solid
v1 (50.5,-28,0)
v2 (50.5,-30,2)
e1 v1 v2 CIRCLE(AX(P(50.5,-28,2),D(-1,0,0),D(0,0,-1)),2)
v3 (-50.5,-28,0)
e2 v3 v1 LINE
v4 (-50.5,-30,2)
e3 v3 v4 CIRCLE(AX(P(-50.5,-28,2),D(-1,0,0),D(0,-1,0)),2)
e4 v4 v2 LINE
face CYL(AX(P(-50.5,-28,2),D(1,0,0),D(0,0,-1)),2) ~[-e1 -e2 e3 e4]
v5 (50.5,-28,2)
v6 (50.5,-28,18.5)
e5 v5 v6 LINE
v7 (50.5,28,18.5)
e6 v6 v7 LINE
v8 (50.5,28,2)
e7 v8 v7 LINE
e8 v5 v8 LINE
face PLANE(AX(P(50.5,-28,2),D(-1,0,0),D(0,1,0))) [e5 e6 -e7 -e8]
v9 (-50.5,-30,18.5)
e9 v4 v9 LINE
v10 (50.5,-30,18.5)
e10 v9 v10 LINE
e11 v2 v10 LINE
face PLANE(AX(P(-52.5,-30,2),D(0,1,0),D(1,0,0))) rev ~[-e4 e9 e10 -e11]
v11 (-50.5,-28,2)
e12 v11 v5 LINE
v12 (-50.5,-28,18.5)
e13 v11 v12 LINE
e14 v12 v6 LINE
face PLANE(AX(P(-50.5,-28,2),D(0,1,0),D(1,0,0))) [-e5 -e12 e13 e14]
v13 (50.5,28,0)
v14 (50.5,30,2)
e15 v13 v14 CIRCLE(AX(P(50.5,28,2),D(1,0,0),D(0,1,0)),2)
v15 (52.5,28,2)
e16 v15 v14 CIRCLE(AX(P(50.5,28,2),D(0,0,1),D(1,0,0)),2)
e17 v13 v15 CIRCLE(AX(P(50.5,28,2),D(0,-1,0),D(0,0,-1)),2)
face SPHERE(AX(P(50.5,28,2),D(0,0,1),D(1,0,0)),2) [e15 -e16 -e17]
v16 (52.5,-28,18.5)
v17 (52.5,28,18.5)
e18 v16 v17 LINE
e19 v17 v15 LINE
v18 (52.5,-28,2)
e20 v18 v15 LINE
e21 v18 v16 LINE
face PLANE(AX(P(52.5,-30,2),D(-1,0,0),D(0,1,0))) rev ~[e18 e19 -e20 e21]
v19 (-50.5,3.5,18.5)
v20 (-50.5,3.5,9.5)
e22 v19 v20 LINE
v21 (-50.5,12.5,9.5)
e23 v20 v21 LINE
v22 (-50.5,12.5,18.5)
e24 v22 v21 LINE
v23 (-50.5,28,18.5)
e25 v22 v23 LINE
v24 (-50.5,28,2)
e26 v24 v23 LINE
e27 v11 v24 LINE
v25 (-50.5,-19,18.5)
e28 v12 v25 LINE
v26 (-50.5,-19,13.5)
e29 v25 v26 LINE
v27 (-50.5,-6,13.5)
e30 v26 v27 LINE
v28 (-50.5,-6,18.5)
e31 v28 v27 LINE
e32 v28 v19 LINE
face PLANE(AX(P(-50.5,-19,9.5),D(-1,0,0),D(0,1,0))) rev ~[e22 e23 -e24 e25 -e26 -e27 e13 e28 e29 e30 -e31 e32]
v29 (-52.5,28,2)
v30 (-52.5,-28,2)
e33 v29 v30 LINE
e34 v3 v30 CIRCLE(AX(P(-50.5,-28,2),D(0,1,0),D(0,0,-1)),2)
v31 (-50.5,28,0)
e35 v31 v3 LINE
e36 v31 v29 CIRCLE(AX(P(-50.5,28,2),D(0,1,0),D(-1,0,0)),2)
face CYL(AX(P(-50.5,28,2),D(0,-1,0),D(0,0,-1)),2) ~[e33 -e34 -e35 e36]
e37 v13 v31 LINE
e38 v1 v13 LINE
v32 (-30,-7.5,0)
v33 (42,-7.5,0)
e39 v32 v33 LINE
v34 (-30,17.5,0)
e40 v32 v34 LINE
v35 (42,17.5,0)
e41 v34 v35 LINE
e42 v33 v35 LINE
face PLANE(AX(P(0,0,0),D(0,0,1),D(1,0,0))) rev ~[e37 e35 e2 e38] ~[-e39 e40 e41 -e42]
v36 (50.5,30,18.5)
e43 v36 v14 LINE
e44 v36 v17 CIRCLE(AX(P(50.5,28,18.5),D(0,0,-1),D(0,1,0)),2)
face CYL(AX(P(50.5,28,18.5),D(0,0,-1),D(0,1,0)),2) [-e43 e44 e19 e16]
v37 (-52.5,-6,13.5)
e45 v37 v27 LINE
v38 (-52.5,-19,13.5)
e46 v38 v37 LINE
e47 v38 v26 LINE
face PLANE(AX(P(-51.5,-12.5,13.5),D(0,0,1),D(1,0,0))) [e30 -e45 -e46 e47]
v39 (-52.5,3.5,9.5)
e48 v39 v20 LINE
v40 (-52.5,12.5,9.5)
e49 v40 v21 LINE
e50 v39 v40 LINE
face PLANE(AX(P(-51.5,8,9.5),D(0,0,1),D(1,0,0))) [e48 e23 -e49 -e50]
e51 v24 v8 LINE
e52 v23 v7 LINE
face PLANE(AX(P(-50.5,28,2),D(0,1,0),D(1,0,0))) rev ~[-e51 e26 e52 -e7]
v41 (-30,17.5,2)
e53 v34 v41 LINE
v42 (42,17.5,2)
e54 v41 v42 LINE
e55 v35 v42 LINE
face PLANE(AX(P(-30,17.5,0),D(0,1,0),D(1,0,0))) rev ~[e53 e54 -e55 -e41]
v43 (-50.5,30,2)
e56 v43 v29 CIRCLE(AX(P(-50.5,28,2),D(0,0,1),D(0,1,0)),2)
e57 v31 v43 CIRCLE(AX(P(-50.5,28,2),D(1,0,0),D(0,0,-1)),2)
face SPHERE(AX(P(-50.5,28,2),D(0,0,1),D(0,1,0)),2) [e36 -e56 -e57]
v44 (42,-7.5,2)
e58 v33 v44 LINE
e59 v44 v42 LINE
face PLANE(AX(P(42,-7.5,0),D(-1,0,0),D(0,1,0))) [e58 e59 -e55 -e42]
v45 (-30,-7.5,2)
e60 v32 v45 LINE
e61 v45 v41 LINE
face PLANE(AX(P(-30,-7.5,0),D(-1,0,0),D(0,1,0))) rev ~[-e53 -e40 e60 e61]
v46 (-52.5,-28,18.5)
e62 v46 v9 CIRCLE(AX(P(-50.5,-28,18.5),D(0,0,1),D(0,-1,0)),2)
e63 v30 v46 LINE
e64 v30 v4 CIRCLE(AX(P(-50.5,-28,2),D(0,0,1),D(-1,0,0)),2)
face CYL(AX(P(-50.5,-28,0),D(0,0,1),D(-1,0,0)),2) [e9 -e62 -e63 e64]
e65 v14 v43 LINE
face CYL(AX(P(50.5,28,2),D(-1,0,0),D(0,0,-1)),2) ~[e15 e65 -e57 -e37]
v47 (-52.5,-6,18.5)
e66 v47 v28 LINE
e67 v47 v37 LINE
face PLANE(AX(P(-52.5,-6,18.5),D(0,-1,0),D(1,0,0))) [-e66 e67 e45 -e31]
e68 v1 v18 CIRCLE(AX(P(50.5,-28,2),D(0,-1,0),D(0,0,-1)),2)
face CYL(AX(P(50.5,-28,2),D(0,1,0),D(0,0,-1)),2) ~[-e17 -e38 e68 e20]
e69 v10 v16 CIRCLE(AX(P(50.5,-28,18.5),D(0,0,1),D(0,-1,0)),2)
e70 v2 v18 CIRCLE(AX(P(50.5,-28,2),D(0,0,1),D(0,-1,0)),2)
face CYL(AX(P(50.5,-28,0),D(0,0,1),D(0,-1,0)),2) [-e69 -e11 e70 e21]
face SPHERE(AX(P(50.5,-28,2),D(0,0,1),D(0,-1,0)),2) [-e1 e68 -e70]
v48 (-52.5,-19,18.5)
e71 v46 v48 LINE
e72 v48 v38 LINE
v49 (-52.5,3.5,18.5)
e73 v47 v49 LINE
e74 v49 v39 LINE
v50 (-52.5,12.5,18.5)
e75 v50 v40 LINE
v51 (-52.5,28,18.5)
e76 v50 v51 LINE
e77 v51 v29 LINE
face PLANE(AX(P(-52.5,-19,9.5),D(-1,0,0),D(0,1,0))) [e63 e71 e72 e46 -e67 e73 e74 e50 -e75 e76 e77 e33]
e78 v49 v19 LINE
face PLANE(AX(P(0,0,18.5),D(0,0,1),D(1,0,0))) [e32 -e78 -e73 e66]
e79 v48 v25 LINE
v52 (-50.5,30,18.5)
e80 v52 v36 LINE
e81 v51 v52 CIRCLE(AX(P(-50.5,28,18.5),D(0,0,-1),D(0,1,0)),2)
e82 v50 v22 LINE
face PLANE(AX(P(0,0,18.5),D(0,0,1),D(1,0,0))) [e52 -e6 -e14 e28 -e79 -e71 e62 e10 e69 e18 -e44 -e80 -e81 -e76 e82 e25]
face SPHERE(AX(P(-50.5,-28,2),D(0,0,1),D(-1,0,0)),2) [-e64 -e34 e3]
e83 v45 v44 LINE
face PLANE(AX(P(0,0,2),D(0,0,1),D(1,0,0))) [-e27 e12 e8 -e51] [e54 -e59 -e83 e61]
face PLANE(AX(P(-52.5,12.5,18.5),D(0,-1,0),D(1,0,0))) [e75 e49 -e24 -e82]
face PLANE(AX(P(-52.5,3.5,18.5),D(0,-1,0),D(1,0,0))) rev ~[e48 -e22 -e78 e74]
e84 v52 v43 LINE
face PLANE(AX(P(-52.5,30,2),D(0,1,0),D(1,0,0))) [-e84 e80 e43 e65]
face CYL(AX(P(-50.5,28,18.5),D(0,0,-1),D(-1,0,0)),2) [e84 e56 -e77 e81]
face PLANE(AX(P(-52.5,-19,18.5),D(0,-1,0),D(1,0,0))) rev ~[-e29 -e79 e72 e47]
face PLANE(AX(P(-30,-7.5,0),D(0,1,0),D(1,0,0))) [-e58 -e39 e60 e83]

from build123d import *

# Parameters (mm, degrees)
F0_W     = 105
F0_H     = 60
F0_W_2   = 72
F0_H_2   = 25
F1_DEPTH = 2
F2_W     = 105
F2_H     = 60
F2_W_2   = 101
F2_H_2   = 56
F3_DEPTH = 16.5
F4_W     = 2
F4_H     = 9
F4_H_2   = 13
F5_DEPTH = 9
F6_R     = 2
F7_R     = 2
F8_W     = 2
F8_H     = 13
F9_DEPTH = 4


with BuildPart() as f1:
    # F0 (on Top) → F1 (new body)
    with BuildSketch(Plane.XY):
        Rectangle(F0_W, F0_H)
        with Locations((6, 5)):
            Rectangle(F0_W_2, F0_H_2, mode=Mode.SUBTRACT)
    extrude(amount=F1_DEPTH)

    # F2 (on face) → F3 (join)
    with BuildSketch(Plane.XY.offset(2)):
        Rectangle(F2_W, F2_H)
        Rectangle(F2_W_2, F2_H_2, mode=Mode.SUBTRACT)
    extrude(amount=F3_DEPTH)

    # F4 (on face) → F5 (cut)
    with BuildSketch(Plane.XY.offset(18.5)):
        with Locations((-51.5, 8)):
            Rectangle(F4_W, F4_H)
        with Locations((-51.5, -12.5)):
            Rectangle(F4_W, F4_H_2)
    extrude(amount=-F5_DEPTH, mode=Mode.SUBTRACT)

    # F6
    f6_edges = [f1.edges().sort_by_distance(p)[0] for p in [
        (52.5, -30, 9.25),
        (52.5, 30, 9.25),
        (-52.5, -30, 9.25),
        (-52.5, 30, 9.25),
    ]]
    fillet(f6_edges, radius=F6_R)

    # F7
    f7_edges = [f1.edges().sort_by_distance(p)[0] for p in [
        (52.5, 0, 0),
        (0, -30, 0),
        (0, 30, 0),
        (-52.5, 0, 0),
    ]]
    fillet(f7_edges, radius=F7_R)

    # F8 (on face) → F9 (join)
    with BuildSketch(Plane.XY.offset(9.5)):
        with Locations((-51.5, -12.5)):
            Rectangle(F8_W, F8_H)
    extrude(amount=F9_DEPTH)


solid = f1.part
